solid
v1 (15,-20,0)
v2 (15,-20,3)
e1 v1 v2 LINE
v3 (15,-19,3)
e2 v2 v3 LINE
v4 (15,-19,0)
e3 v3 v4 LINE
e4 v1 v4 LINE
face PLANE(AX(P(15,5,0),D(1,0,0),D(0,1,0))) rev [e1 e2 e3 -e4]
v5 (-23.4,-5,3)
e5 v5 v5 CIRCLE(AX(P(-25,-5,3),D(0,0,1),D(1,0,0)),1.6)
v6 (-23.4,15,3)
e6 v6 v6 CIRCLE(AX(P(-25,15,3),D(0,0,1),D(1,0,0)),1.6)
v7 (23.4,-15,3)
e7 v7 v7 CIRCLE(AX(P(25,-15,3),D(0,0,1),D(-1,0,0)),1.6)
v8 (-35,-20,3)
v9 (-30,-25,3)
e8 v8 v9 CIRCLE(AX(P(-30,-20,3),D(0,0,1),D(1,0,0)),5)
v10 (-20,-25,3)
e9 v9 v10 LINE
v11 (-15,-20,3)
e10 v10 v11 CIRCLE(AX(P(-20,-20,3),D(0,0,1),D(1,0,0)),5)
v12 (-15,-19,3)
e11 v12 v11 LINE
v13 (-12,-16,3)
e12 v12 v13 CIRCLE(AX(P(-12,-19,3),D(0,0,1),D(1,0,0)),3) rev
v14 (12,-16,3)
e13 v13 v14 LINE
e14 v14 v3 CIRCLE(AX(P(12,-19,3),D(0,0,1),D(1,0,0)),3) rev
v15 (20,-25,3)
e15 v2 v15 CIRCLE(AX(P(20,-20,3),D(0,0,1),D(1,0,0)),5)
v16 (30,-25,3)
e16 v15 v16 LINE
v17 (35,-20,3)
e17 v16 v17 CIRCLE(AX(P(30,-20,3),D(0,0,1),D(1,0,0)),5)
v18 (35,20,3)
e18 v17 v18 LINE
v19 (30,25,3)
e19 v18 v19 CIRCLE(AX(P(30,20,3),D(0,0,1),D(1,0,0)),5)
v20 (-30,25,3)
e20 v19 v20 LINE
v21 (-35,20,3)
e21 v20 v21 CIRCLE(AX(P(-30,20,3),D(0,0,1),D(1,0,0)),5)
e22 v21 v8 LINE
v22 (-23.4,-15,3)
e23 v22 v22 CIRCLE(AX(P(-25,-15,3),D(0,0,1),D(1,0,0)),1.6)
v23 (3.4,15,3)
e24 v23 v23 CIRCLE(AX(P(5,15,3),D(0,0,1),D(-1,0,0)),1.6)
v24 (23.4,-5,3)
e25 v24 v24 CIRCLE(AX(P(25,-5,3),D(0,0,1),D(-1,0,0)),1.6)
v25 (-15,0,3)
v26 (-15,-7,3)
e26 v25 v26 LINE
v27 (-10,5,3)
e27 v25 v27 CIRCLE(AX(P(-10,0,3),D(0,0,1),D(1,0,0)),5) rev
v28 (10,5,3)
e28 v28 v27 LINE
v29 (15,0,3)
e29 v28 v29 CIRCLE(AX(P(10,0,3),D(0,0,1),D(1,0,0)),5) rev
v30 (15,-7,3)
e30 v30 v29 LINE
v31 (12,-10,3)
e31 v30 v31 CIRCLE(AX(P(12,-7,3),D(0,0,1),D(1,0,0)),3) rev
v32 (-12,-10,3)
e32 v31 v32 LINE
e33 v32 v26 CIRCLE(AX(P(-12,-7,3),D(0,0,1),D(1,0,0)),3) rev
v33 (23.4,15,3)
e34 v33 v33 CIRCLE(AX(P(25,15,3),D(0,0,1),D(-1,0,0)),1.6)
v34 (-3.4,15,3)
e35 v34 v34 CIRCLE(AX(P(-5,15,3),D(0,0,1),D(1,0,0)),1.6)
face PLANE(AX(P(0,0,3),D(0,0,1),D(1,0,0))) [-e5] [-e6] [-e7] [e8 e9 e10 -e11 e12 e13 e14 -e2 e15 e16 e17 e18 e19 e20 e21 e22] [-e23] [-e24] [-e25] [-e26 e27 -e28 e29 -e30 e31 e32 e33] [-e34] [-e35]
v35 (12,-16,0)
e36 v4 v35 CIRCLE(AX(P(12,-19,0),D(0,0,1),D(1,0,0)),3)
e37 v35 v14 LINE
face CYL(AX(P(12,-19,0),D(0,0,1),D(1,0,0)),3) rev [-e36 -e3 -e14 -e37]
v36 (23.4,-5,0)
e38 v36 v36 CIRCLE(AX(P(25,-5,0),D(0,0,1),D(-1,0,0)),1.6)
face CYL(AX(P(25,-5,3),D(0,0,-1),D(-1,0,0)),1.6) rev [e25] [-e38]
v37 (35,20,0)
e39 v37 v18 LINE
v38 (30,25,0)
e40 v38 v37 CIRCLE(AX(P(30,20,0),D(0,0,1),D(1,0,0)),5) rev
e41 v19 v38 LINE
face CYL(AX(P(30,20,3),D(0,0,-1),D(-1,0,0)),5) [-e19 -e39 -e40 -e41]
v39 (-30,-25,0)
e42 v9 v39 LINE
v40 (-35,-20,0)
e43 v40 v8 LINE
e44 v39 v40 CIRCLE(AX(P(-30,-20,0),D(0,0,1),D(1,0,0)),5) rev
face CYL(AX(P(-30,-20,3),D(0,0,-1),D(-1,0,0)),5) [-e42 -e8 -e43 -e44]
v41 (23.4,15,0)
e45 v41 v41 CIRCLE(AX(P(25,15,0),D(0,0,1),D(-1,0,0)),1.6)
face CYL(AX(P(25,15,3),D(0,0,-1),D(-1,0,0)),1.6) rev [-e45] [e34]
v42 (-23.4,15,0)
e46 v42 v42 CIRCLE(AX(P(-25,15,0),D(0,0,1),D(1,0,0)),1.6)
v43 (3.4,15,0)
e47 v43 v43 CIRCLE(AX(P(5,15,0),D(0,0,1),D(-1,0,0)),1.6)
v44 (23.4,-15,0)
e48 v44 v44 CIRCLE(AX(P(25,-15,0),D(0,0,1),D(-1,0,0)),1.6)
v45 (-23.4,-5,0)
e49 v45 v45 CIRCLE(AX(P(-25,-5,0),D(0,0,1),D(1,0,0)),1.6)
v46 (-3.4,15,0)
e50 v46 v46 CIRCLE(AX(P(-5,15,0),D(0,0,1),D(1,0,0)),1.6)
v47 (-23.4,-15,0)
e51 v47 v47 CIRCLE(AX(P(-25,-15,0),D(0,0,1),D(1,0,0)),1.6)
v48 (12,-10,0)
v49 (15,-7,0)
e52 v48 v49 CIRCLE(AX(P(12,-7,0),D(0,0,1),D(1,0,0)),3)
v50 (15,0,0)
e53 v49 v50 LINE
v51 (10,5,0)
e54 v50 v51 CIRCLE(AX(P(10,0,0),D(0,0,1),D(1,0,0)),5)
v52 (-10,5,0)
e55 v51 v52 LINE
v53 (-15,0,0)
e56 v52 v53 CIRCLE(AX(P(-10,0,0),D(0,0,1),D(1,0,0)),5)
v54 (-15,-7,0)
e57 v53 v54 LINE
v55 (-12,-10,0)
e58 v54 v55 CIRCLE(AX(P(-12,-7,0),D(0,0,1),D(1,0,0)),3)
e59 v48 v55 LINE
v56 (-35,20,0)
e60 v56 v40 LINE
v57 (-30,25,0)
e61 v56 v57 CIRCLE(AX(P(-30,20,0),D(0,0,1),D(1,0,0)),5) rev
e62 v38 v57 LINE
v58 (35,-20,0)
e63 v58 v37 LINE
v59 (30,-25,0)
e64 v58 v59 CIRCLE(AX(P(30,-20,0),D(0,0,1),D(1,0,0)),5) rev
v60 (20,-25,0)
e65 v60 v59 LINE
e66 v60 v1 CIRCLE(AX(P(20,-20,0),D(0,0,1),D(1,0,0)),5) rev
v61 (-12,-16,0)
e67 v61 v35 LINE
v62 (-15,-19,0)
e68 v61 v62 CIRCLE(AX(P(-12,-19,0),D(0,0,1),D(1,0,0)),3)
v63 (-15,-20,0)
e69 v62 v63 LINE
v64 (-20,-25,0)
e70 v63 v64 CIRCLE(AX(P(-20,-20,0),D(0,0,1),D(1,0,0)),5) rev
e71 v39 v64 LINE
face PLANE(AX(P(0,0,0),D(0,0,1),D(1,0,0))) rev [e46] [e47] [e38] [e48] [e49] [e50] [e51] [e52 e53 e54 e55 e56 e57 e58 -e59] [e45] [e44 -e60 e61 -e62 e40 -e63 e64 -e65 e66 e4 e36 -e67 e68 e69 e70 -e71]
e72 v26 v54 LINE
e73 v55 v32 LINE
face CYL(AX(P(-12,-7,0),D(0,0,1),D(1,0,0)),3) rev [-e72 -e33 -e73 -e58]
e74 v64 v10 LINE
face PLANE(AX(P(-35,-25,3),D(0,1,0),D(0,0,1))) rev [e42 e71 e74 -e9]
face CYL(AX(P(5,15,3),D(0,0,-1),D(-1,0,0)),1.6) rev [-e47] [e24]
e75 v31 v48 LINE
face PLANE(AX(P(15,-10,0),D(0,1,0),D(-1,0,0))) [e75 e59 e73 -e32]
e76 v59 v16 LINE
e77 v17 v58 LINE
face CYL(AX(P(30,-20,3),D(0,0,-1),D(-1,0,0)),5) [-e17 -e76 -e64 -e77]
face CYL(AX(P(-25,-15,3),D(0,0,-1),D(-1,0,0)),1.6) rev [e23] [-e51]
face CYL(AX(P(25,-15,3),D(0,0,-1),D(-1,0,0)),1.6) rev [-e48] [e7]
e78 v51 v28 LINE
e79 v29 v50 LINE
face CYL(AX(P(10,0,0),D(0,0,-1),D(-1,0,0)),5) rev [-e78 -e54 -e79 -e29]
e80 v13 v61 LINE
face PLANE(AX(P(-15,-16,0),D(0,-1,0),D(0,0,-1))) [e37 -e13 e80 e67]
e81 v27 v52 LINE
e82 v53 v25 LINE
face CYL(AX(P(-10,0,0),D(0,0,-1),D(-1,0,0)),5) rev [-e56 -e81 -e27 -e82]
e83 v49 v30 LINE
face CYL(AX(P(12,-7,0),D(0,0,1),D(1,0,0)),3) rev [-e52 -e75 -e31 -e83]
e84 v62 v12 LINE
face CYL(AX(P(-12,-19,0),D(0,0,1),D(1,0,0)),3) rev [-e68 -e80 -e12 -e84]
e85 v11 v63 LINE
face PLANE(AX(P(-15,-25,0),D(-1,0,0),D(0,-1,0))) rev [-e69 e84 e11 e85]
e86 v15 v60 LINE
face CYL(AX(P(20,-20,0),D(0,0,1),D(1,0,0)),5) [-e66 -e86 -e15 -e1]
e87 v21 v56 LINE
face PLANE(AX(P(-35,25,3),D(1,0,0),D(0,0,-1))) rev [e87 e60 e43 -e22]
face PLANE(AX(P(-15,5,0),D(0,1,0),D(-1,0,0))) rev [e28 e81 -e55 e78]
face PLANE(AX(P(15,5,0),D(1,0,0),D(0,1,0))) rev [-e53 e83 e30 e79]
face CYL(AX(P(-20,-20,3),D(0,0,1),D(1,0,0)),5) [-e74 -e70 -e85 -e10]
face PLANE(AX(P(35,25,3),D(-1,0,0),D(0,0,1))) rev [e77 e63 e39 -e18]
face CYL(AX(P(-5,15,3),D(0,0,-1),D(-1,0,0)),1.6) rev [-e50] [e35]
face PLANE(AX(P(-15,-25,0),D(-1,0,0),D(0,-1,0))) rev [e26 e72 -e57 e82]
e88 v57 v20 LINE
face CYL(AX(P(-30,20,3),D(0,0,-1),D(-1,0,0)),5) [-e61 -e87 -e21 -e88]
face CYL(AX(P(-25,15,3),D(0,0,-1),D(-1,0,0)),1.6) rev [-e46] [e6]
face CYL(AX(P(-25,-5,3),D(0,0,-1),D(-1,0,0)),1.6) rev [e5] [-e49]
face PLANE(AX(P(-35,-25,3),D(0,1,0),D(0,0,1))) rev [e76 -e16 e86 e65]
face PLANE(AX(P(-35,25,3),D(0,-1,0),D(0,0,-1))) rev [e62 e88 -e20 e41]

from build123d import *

# Parameters (mm, degrees)
SKETCH_1_W          = 70
SKETCH_1_H          = 50
SKETCH_1_R          = 1.6
EXTRUDE_1_DEPTH     = 3
SKETCH_2_W          = 30
SKETCH_2_H          = 30
CUT_EXTRUDE_1_DEPTH = 4
FILLET_1_R          = 5
SKETCH_3_W          = 30
SKETCH_3_H          = 6
EXTRUDE_2_DEPTH     = 3
FILLET_2_R          = 3


with BuildPart() as part:
    # 草图1 → 凸台-拉伸1 (new body)
    with BuildSketch(Plane.XY):
        Rectangle(SKETCH_1_W, SKETCH_1_H)
        with Locations((-25, -15)):
            Circle(SKETCH_1_R, mode=Mode.SUBTRACT)
        with Locations((-25, -5)):
            Circle(SKETCH_1_R, mode=Mode.SUBTRACT)
        with Locations((-25, 15)):
            Circle(SKETCH_1_R, mode=Mode.SUBTRACT)
        with Locations((-5, 15)):
            Circle(SKETCH_1_R, mode=Mode.SUBTRACT)
        with Locations((5, 15)):
            Circle(SKETCH_1_R, mode=Mode.SUBTRACT)
        with Locations((25, 15)):
            Circle(SKETCH_1_R, mode=Mode.SUBTRACT)
        with Locations((25, -5)):
            Circle(SKETCH_1_R, mode=Mode.SUBTRACT)
        with Locations((25, -15)):
            Circle(SKETCH_1_R, mode=Mode.SUBTRACT)
    extrude(amount=EXTRUDE_1_DEPTH)

    # 草图2 → 切除-拉伸1 (cut, through all)
    with BuildSketch(Plane.XY.offset(3)):
        with Locations((0, -10)):
            Rectangle(SKETCH_2_W, SKETCH_2_H)
    extrude(amount=-CUT_EXTRUDE_1_DEPTH, mode=Mode.SUBTRACT)

    # 圆角1
    fillet_1_edges = [part.edges().sort_by_distance(p)[0] for p in [
        (15, -25, 1.5),
        (-15, -25, 1.5),
        (-15, 5, 1.5),
        (15, 5, 1.5),
        (35, -25, 1.5),
        (-35, -25, 1.5),
        (-35, 25, 1.5),
        (35, 25, 1.5),
    ]]
    fillet(fillet_1_edges, radius=FILLET_1_R)

    # 草图3 → 凸台-拉伸2 (add)
    with BuildSketch(Plane.XY.offset(3)):
        with Locations((0, -13)):
            Rectangle(SKETCH_3_W, SKETCH_3_H)
    extrude(amount=-EXTRUDE_2_DEPTH)

    # 圆角2
    fillet_2_edges = [part.edges().sort_by_distance(p)[0] for p in [
        (-15, -16, 1.5),
        (-15, -10, 1.5),
        (15, -10, 1.5),
        (15, -16, 1.5),
    ]]
    fillet(fillet_2_edges, radius=FILLET_2_R)


solid = part.part
